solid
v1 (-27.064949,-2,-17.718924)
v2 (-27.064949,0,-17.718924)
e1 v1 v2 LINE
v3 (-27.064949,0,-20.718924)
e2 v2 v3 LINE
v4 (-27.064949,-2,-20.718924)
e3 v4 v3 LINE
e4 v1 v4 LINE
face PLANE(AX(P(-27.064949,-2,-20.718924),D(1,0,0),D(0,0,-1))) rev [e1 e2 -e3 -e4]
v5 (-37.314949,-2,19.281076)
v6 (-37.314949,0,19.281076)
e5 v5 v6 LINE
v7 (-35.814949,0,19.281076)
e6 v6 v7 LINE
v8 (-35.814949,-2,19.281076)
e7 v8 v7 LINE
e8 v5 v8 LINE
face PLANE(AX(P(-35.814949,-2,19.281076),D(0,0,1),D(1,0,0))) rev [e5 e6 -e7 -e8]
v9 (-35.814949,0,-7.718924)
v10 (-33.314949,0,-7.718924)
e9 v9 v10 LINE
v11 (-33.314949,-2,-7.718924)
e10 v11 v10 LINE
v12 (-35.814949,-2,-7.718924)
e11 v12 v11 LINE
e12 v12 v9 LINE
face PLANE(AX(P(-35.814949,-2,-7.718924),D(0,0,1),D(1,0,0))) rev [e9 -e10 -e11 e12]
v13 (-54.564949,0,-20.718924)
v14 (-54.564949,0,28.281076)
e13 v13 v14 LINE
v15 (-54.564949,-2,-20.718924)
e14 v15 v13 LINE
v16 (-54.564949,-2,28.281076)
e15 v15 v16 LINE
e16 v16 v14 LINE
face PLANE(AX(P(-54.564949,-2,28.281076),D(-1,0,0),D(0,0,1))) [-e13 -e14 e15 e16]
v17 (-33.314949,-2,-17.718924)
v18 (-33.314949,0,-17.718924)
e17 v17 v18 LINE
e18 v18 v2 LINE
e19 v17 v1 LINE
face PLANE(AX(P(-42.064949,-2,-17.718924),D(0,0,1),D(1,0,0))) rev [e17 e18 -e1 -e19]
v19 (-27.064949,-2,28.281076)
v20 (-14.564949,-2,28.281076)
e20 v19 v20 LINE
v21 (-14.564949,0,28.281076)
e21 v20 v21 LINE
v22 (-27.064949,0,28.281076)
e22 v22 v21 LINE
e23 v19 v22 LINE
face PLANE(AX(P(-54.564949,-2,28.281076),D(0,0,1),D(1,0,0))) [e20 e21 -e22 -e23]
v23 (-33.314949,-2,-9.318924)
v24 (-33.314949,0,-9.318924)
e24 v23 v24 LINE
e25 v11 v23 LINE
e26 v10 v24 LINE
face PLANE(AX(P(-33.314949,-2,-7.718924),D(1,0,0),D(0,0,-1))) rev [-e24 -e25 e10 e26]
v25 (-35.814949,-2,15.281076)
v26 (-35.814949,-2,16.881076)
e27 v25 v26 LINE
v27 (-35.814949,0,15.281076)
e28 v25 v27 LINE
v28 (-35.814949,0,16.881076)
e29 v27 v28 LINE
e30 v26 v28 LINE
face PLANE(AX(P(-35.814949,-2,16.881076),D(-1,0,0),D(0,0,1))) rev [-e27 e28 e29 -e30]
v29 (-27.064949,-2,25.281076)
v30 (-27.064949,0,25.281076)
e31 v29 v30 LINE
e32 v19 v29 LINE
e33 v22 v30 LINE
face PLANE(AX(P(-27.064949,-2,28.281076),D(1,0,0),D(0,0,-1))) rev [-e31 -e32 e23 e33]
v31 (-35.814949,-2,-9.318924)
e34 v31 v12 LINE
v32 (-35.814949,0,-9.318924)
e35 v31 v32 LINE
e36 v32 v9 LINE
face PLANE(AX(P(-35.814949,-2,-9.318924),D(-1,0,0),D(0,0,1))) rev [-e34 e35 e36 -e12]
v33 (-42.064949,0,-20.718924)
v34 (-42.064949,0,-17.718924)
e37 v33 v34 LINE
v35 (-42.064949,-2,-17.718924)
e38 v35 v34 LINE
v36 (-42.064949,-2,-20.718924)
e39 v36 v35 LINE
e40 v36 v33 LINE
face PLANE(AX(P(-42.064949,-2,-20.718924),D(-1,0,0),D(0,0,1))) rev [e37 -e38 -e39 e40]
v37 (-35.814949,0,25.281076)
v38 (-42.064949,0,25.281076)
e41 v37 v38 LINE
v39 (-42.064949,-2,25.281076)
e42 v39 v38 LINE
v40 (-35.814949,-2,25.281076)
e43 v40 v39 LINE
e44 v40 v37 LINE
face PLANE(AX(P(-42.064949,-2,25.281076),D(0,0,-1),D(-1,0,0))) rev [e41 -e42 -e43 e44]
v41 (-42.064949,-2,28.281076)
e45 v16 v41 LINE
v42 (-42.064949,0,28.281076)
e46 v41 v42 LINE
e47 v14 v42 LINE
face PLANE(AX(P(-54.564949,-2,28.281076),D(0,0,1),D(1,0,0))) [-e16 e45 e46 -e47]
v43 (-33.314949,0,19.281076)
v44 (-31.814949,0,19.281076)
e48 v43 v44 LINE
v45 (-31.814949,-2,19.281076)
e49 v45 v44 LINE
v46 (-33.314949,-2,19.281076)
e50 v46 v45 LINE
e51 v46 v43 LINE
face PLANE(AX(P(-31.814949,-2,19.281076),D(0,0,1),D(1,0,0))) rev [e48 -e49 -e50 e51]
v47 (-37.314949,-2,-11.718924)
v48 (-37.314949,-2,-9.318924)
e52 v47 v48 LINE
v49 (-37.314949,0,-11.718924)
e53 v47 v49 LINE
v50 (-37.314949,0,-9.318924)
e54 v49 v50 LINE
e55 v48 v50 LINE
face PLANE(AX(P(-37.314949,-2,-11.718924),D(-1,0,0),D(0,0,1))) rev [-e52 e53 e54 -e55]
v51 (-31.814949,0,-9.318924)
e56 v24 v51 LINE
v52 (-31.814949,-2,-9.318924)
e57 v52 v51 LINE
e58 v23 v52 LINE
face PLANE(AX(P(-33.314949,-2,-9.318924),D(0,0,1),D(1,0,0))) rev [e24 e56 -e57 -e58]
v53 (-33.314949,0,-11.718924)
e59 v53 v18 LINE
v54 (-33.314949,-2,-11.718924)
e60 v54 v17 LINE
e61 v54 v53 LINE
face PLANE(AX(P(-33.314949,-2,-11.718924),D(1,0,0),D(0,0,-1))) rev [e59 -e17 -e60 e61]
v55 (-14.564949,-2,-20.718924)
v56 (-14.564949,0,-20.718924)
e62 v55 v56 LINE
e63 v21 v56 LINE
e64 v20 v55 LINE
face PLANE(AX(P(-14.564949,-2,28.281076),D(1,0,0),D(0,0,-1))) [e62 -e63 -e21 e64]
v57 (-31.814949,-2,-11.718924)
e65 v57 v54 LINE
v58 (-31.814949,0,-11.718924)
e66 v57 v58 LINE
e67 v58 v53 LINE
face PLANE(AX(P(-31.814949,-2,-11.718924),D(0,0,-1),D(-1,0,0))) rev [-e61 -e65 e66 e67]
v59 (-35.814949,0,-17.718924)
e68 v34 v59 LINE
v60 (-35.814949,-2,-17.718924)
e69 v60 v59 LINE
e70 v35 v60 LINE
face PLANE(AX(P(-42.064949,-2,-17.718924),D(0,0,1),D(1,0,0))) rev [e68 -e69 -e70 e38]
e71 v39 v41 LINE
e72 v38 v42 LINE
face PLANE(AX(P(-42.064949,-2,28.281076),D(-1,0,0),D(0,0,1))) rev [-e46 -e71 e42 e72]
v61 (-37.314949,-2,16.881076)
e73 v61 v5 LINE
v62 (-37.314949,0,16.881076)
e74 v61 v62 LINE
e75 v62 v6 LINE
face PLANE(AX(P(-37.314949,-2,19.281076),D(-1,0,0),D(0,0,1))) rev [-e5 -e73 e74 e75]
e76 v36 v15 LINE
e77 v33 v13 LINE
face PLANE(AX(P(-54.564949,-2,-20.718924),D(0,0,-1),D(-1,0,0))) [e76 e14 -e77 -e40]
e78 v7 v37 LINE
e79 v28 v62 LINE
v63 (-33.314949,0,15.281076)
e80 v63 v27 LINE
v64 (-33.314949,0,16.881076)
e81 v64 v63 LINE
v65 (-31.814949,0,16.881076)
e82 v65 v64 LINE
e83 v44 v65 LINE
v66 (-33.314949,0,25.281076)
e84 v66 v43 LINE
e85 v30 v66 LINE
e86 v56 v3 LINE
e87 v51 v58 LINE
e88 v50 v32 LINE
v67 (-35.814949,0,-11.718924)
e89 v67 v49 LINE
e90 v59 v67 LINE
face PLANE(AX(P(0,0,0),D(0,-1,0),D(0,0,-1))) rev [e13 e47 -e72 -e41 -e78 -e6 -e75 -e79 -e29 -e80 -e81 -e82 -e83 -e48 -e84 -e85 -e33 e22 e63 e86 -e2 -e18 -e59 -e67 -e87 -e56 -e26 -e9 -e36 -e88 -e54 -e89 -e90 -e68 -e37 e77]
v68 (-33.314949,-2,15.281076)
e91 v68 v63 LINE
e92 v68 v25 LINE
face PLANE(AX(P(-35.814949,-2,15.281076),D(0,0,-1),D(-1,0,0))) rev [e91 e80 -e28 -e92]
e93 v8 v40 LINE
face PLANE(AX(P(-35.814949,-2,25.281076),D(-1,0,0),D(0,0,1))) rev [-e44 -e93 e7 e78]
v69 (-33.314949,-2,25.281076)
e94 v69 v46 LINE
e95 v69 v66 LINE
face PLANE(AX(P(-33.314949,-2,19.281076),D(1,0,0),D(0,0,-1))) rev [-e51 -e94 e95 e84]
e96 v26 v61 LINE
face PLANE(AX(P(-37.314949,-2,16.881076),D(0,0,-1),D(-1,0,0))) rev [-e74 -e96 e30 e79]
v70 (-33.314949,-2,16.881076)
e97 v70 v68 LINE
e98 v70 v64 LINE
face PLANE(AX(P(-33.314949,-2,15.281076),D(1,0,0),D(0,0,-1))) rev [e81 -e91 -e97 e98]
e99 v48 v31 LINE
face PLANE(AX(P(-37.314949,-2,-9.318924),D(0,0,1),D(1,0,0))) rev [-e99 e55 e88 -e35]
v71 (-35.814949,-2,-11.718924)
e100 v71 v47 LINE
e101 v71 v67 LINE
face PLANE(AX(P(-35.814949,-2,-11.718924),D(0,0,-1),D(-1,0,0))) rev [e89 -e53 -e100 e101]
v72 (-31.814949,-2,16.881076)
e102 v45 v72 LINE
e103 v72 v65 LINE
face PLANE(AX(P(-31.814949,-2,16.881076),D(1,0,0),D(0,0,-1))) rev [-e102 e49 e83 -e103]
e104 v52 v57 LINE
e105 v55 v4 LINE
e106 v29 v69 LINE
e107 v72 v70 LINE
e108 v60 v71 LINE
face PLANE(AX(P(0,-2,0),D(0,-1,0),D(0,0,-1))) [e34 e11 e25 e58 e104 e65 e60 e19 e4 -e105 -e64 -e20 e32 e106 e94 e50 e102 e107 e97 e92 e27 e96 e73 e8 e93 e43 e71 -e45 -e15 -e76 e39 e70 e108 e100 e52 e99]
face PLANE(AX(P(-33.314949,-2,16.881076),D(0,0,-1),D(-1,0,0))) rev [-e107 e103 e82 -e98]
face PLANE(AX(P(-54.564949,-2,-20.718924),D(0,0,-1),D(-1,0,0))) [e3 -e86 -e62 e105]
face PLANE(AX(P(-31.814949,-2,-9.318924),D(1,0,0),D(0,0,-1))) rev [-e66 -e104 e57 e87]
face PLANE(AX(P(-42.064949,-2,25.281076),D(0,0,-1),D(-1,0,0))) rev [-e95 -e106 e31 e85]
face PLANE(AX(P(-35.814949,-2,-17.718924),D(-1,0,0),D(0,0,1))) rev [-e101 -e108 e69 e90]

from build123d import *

# Parameters (mm, degrees)
SCHIZZO1_W                   = 40
SCHIZZO1_H                   = 49
ESTRUSIONE_ESTRUSIONE2_DEPTH = 2
SCHIZZO2_W                   = 15
SCHIZZO2_H                   = 3
TAGLIO_ESTRUSIONE1_DEPTH     = 3
TAGLIO_ESTRUSIONE3_DEPTH     = 3


with BuildPart() as part:
    # Schizzo1 → Estrusione-Estrusione2 (new body)
    with BuildSketch(Plane(origin=(0, 0, 0), x_dir=(1, 0, 0), z_dir=(0, 1, 0))):
        with Locations((-34.56494914, -3.781075862)):
            Rectangle(SCHIZZO1_W, SCHIZZO1_H)
    extrude(amount=-ESTRUSIONE_ESTRUSIONE2_DEPTH)

    # Schizzo2 → Taglio-Estrusione1 (cut, through all)
    with BuildSketch(Plane(origin=(0, 0, 0), x_dir=(1, 0, 0), z_dir=(0, 1, 0))):
        with Locations((-34.56494914, -26.781075862)):
            Rectangle(SCHIZZO2_W, SCHIZZO2_H)
        with Locations((-34.56494914, 19.218924138)):
            Rectangle(SCHIZZO2_W, SCHIZZO2_H)
    extrude(amount=-TAGLIO_ESTRUSIONE1_DEPTH, mode=Mode.SUBTRACT)

    # Schizzo3 → Taglio-Estrusione3 (cut, through all)
    with BuildSketch(Plane(origin=(0, 0, 0), x_dir=(1, 0, 0), z_dir=(0, 1, 0))):
        Polygon((-35.81494914, -25.281075862), (-33.31494914, -25.281075862), (-33.31494914, -19.281075862), (-31.81494914, -19.281075862), (-31.81494914, -16.881075862), (-33.31494914, -16.881075862), (-33.31494914, -15.281075862), (-35.81494914, -15.281075862), (-35.81494914, -16.881075862), (-37.31494914, -16.881075862), (-37.31494914, -19.281075862), (-35.81494914, -19.281075862), align=None)
        Polygon((-35.81494914, 7.718924138), (-33.31494914, 7.718924138), (-33.31494914, 9.318924138), (-31.81494914, 9.318924138), (-31.81494914, 11.718924138), (-33.31494914, 11.718924138), (-33.31494914, 17.718924138), (-35.81494914, 17.718924138), (-35.81494914, 11.718924138), (-37.31494914, 11.718924138), (-37.31494914, 9.318924138), (-35.81494914, 9.318924138), align=None)
    extrude(amount=-TAGLIO_ESTRUSIONE3_DEPTH, mode=Mode.SUBTRACT)


solid = part.part
